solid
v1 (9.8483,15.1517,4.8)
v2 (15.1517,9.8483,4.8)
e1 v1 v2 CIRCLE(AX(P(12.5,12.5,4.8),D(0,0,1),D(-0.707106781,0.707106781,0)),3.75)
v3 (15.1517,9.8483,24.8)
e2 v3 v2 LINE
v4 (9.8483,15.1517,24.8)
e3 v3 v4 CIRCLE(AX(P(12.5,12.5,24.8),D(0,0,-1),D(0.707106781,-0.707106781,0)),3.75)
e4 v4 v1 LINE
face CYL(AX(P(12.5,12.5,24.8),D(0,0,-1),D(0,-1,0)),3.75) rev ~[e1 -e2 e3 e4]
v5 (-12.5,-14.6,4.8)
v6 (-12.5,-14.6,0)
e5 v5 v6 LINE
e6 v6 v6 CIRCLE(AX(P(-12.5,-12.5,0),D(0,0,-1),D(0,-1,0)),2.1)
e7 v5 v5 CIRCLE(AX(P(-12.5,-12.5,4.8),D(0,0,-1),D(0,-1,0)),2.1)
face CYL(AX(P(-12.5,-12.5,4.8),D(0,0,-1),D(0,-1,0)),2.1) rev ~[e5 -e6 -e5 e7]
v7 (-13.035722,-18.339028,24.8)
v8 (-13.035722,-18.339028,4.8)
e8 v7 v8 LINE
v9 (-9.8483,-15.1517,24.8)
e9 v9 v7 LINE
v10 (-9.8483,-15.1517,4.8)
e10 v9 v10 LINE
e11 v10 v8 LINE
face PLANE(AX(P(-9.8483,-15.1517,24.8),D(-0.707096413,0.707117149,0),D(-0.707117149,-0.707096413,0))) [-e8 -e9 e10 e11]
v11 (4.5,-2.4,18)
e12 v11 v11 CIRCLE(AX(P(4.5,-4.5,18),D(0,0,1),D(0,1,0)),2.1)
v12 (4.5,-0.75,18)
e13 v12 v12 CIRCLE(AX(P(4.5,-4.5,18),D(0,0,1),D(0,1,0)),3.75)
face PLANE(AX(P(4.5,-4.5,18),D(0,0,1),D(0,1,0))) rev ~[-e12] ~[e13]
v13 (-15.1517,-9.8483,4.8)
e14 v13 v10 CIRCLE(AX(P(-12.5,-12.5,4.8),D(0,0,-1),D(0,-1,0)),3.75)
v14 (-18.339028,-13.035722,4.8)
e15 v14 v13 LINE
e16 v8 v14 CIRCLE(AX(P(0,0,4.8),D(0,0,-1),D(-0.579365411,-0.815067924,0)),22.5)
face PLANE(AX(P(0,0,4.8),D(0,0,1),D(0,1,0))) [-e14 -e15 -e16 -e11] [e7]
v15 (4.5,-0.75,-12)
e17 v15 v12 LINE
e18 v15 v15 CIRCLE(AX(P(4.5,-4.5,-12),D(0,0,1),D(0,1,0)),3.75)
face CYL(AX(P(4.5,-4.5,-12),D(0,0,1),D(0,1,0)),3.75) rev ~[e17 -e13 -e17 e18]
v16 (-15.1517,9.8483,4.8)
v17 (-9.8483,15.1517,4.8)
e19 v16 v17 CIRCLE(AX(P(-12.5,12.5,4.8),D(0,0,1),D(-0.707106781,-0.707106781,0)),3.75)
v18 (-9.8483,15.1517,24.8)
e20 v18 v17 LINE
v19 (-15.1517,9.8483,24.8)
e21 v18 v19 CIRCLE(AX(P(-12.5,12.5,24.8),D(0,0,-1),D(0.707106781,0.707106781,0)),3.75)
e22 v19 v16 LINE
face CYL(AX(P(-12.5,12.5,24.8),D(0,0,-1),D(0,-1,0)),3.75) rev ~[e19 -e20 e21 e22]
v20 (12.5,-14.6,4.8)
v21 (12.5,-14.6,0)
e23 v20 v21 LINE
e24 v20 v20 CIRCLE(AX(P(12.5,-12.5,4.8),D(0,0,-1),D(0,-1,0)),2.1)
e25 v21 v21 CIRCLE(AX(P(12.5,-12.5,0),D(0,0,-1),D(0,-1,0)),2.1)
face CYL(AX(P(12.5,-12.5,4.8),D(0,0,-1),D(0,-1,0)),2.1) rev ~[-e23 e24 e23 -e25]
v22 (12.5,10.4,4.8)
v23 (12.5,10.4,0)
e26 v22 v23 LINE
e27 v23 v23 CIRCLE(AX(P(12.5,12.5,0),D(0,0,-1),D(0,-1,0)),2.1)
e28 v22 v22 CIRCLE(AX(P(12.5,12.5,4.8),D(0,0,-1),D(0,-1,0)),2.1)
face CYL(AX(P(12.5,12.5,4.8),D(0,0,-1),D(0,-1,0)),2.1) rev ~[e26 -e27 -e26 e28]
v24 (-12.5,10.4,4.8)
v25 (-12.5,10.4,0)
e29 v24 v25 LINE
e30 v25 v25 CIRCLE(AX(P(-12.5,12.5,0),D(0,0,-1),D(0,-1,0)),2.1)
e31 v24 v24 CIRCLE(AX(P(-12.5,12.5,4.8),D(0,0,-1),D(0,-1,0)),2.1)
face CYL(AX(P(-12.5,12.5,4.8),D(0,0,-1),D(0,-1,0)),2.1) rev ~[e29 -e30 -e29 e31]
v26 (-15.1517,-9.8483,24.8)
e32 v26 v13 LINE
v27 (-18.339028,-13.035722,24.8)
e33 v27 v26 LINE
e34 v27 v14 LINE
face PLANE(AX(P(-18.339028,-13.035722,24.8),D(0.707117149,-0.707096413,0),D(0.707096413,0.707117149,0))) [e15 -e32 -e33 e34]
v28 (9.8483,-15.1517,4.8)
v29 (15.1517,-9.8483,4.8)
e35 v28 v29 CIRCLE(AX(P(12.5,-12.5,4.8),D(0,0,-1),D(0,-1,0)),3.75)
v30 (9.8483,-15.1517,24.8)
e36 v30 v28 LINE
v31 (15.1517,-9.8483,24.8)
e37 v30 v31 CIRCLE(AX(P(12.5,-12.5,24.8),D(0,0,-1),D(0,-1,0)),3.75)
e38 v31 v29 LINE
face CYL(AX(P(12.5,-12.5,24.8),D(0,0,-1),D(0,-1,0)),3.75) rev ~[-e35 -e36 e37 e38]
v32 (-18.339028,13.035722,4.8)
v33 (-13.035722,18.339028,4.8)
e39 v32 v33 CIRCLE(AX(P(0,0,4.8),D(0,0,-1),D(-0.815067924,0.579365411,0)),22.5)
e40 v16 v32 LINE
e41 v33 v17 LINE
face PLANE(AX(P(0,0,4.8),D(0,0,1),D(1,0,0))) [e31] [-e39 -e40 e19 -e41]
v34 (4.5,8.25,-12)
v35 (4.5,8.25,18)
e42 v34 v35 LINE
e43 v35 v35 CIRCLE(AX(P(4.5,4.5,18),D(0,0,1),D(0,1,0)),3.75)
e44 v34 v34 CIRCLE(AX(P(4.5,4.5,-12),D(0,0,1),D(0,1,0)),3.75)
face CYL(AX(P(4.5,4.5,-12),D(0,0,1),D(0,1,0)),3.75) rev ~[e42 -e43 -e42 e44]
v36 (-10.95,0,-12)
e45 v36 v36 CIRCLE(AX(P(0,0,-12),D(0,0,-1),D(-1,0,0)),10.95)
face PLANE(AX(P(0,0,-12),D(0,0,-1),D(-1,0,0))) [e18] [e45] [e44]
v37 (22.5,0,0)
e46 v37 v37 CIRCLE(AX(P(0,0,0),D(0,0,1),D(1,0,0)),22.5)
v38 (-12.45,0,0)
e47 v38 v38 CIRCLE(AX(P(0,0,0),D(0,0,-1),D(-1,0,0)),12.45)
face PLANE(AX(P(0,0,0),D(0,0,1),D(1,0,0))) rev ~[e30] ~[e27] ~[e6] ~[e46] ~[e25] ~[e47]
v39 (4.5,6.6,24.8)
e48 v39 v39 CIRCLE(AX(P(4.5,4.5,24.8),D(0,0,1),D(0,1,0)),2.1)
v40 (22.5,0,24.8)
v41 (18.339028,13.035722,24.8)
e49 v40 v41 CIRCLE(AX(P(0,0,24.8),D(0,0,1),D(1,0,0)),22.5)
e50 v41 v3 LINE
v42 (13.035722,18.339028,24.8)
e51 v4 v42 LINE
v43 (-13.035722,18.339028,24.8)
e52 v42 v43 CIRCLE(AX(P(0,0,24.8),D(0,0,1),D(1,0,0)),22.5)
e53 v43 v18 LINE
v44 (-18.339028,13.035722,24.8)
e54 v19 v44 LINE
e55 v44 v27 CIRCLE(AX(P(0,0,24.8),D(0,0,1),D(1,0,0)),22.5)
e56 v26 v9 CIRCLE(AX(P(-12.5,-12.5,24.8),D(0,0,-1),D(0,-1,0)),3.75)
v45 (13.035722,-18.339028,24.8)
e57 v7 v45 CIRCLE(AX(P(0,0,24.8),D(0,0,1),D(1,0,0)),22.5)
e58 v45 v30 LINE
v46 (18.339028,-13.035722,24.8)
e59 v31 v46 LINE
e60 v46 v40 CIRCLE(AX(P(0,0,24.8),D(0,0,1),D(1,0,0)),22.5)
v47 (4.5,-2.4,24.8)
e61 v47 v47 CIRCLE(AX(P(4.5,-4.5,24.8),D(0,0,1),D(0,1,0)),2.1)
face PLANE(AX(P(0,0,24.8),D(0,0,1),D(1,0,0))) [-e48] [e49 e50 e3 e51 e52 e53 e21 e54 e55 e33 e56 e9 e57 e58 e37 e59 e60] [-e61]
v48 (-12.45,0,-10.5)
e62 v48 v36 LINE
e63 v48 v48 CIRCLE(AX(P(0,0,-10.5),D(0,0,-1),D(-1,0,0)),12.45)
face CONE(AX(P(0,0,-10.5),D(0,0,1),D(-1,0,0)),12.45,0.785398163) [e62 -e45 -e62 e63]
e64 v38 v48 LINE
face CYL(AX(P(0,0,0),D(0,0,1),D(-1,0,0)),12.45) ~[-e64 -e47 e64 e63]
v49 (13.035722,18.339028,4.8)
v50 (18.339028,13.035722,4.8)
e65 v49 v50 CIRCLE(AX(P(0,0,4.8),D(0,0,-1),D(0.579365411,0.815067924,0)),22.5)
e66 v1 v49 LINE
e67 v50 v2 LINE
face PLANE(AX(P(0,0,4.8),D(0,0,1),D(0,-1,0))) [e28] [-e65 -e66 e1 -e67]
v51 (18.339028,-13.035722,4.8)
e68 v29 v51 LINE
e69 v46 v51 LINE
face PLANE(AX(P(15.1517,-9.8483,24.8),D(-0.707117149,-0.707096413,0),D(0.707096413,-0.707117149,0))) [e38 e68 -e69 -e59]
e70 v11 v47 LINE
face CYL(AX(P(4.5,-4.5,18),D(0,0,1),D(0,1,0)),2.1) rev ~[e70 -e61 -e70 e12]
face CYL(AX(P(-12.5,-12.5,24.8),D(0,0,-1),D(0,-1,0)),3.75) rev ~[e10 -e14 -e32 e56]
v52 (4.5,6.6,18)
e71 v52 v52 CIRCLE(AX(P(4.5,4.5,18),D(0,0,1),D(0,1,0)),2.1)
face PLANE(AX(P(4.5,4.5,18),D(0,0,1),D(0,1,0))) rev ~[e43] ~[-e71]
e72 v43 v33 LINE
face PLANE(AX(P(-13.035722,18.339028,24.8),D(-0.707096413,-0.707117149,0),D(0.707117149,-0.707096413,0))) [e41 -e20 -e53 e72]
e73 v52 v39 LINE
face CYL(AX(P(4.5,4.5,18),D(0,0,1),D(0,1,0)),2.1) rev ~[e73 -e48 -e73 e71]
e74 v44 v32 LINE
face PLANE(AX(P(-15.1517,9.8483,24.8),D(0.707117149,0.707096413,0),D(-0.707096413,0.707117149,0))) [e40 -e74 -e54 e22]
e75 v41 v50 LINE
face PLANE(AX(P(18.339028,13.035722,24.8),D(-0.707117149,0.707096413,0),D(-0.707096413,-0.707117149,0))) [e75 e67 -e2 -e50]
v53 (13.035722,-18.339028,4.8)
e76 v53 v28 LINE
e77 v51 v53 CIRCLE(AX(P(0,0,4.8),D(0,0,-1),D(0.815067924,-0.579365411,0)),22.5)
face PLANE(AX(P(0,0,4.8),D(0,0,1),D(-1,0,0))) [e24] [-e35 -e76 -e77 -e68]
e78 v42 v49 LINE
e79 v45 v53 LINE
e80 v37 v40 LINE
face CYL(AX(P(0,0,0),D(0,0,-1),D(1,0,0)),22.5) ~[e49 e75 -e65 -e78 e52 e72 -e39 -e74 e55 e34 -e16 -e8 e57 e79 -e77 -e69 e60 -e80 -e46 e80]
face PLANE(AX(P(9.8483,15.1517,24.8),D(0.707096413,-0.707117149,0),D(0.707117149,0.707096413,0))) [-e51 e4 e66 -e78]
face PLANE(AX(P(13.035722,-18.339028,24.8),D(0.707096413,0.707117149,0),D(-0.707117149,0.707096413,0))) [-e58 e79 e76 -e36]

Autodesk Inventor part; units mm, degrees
ref_plane "YZ Plane" through (0, 0, 0) normal (1, 0, 0) x (0, 1, 0)
ref_plane "XZ Plane" through (0, 0, 0) normal (0, 1, 0) x (-1, 0, 0)
ref_plane "XY Plane" through (0, 0, 0) normal (0, 0, 1) x (1, 0, 0)
sketch "Sketch1" plane through (0, 0, 0) normal (0, 0, 1) x (1, 0, 0)
  circle A0 centre (0, 0) radius 22.5
  dimension "d0" = 45
extrude "Extrusion1" add sketch "Sketch1" along normal blind 24.8
sketch "Sketch2" plane through (0, 0, 0) normal (0, 0, -1) x (-1, 0, 0)
  circle A0 centre (0, 0) radius 12.45
  dimension "d3" = 24.9
extrude "Extrusion2" add sketch "Sketch2" along normal blind 12
sketch "Sketch3" plane through (0, 0, 24.8) normal (0, 0, 1) x (1, 0, 0)
  line L0 (12.5, -12.5) -> (-12.5, -12.5) construction
  line L1 (-12.5, -12.5) -> (-12.5, 12.5) construction
  line L2 (-12.5, 12.5) -> (12.5, 12.5) construction
  line L3 (12.5, 12.5) -> (12.5, -12.5) construction
  line L4 (12.5, -12.5) -> (-12.5, 12.5) construction
  line L5 (-12.5, -12.5) -> (12.5, 12.5) construction
  point P0 (0, 0)
  dimension "d6" = 25
  dimension "d7" = 25
hole "Hole1" at (-12.5, 12.5, 24.8) at (12.5, 12.5, 24.8) at (12.5, -12.5, 24.8) at (-12.5, -12.5, 24.8) direction (0, 0, -1) diameter 4.2 end through all counterbore diameter 7.5 counterbore depth 20
sketch "Sketch4" plane through (0, 0, 24.8) normal (0, 0, 1) x (1, 0, 0)
  line L0 (-13.2583, 18.5616) -> (-9.8483, 15.1517)
  line L1 (-9.8483, 15.1517) -> (-15.1517, 9.8483)
  line L2 (-15.1517, 9.8483) -> (-18.5616, 13.2583)
  line L3 (-18.5616, 13.2583) -> (-13.2583, 18.5616)
  line L4 (-13.2583, 18.5616) -> (-15.1517, 9.8483) construction
  line L5 (-9.8483, 15.1517) -> (-18.5616, 13.2583) construction
  circle A0 centre (-12.5, 12.5) radius 3.75 projected
  circle A1 centre (0, 0) radius 22.5 projected
  circle A2 centre (-12.5, 12.5) radius 3.75 construction
  line L6 (-14.205, 14.205) -> (-12.5, 12.5) construction
  point P0 (-18.339, 13.0357)
  point P1 (-13.0357, 18.339)
extrude "Extrusion3" cut sketch "Sketch4" against normal up to surface (20 mm away) contours L0 A0 L2 A1 | L1 A0 picked at (-13.4167, 17.3703) picked at (-13.3264, 14.7238)
pattern_circular "Circular Pattern1" count 4 over 360 about axis through (0, 0, 0) along (0, 0, 1) of "Extrusion3"
chamfer "Chamfer1" distance 1.5 angle 45 1 edges at (12.45, 0, -12)
sketch "Sketch5" plane through (0, 0, -12) normal (0, 0, -1) x (-1, 0, 0)
  line L0 (0, 12) -> (-12, 12) construction
  line L1 (-12, 12) -> (-12, -32.1468) construction
  line L2 (-12, -32.1468) -> (0, -32.1468) construction
  line L3 (0, -32.1468) -> (0, 12) construction
  circle A0 centre (-4.5, 4.5) radius 3.75 construction
  circle A1 centre (-4.5, -4.5) radius 3.75 construction
  line L4 (-4.5, -4.5) -> (-4.5, 4.5) construction
  circle A2 centre (0, 0) radius 10.95 construction
  line L5 (31.5, 0) -> (-31.5, 0) construction
  dimension "d23" = 12
  dimension "d24" = 12
  dimension "d25" = 7.5
  dimension "d29" = 9
  dimension "d30" = 4.5
hole "Hole2" at (4.5, -4.5, -12) at (4.5, 4.5, -12) direction (0, 0, 1) diameter 4.2 end through all counterbore diameter 7.5 counterbore depth 30
properties part number "StageConnection" material "Aluminum 6061"
